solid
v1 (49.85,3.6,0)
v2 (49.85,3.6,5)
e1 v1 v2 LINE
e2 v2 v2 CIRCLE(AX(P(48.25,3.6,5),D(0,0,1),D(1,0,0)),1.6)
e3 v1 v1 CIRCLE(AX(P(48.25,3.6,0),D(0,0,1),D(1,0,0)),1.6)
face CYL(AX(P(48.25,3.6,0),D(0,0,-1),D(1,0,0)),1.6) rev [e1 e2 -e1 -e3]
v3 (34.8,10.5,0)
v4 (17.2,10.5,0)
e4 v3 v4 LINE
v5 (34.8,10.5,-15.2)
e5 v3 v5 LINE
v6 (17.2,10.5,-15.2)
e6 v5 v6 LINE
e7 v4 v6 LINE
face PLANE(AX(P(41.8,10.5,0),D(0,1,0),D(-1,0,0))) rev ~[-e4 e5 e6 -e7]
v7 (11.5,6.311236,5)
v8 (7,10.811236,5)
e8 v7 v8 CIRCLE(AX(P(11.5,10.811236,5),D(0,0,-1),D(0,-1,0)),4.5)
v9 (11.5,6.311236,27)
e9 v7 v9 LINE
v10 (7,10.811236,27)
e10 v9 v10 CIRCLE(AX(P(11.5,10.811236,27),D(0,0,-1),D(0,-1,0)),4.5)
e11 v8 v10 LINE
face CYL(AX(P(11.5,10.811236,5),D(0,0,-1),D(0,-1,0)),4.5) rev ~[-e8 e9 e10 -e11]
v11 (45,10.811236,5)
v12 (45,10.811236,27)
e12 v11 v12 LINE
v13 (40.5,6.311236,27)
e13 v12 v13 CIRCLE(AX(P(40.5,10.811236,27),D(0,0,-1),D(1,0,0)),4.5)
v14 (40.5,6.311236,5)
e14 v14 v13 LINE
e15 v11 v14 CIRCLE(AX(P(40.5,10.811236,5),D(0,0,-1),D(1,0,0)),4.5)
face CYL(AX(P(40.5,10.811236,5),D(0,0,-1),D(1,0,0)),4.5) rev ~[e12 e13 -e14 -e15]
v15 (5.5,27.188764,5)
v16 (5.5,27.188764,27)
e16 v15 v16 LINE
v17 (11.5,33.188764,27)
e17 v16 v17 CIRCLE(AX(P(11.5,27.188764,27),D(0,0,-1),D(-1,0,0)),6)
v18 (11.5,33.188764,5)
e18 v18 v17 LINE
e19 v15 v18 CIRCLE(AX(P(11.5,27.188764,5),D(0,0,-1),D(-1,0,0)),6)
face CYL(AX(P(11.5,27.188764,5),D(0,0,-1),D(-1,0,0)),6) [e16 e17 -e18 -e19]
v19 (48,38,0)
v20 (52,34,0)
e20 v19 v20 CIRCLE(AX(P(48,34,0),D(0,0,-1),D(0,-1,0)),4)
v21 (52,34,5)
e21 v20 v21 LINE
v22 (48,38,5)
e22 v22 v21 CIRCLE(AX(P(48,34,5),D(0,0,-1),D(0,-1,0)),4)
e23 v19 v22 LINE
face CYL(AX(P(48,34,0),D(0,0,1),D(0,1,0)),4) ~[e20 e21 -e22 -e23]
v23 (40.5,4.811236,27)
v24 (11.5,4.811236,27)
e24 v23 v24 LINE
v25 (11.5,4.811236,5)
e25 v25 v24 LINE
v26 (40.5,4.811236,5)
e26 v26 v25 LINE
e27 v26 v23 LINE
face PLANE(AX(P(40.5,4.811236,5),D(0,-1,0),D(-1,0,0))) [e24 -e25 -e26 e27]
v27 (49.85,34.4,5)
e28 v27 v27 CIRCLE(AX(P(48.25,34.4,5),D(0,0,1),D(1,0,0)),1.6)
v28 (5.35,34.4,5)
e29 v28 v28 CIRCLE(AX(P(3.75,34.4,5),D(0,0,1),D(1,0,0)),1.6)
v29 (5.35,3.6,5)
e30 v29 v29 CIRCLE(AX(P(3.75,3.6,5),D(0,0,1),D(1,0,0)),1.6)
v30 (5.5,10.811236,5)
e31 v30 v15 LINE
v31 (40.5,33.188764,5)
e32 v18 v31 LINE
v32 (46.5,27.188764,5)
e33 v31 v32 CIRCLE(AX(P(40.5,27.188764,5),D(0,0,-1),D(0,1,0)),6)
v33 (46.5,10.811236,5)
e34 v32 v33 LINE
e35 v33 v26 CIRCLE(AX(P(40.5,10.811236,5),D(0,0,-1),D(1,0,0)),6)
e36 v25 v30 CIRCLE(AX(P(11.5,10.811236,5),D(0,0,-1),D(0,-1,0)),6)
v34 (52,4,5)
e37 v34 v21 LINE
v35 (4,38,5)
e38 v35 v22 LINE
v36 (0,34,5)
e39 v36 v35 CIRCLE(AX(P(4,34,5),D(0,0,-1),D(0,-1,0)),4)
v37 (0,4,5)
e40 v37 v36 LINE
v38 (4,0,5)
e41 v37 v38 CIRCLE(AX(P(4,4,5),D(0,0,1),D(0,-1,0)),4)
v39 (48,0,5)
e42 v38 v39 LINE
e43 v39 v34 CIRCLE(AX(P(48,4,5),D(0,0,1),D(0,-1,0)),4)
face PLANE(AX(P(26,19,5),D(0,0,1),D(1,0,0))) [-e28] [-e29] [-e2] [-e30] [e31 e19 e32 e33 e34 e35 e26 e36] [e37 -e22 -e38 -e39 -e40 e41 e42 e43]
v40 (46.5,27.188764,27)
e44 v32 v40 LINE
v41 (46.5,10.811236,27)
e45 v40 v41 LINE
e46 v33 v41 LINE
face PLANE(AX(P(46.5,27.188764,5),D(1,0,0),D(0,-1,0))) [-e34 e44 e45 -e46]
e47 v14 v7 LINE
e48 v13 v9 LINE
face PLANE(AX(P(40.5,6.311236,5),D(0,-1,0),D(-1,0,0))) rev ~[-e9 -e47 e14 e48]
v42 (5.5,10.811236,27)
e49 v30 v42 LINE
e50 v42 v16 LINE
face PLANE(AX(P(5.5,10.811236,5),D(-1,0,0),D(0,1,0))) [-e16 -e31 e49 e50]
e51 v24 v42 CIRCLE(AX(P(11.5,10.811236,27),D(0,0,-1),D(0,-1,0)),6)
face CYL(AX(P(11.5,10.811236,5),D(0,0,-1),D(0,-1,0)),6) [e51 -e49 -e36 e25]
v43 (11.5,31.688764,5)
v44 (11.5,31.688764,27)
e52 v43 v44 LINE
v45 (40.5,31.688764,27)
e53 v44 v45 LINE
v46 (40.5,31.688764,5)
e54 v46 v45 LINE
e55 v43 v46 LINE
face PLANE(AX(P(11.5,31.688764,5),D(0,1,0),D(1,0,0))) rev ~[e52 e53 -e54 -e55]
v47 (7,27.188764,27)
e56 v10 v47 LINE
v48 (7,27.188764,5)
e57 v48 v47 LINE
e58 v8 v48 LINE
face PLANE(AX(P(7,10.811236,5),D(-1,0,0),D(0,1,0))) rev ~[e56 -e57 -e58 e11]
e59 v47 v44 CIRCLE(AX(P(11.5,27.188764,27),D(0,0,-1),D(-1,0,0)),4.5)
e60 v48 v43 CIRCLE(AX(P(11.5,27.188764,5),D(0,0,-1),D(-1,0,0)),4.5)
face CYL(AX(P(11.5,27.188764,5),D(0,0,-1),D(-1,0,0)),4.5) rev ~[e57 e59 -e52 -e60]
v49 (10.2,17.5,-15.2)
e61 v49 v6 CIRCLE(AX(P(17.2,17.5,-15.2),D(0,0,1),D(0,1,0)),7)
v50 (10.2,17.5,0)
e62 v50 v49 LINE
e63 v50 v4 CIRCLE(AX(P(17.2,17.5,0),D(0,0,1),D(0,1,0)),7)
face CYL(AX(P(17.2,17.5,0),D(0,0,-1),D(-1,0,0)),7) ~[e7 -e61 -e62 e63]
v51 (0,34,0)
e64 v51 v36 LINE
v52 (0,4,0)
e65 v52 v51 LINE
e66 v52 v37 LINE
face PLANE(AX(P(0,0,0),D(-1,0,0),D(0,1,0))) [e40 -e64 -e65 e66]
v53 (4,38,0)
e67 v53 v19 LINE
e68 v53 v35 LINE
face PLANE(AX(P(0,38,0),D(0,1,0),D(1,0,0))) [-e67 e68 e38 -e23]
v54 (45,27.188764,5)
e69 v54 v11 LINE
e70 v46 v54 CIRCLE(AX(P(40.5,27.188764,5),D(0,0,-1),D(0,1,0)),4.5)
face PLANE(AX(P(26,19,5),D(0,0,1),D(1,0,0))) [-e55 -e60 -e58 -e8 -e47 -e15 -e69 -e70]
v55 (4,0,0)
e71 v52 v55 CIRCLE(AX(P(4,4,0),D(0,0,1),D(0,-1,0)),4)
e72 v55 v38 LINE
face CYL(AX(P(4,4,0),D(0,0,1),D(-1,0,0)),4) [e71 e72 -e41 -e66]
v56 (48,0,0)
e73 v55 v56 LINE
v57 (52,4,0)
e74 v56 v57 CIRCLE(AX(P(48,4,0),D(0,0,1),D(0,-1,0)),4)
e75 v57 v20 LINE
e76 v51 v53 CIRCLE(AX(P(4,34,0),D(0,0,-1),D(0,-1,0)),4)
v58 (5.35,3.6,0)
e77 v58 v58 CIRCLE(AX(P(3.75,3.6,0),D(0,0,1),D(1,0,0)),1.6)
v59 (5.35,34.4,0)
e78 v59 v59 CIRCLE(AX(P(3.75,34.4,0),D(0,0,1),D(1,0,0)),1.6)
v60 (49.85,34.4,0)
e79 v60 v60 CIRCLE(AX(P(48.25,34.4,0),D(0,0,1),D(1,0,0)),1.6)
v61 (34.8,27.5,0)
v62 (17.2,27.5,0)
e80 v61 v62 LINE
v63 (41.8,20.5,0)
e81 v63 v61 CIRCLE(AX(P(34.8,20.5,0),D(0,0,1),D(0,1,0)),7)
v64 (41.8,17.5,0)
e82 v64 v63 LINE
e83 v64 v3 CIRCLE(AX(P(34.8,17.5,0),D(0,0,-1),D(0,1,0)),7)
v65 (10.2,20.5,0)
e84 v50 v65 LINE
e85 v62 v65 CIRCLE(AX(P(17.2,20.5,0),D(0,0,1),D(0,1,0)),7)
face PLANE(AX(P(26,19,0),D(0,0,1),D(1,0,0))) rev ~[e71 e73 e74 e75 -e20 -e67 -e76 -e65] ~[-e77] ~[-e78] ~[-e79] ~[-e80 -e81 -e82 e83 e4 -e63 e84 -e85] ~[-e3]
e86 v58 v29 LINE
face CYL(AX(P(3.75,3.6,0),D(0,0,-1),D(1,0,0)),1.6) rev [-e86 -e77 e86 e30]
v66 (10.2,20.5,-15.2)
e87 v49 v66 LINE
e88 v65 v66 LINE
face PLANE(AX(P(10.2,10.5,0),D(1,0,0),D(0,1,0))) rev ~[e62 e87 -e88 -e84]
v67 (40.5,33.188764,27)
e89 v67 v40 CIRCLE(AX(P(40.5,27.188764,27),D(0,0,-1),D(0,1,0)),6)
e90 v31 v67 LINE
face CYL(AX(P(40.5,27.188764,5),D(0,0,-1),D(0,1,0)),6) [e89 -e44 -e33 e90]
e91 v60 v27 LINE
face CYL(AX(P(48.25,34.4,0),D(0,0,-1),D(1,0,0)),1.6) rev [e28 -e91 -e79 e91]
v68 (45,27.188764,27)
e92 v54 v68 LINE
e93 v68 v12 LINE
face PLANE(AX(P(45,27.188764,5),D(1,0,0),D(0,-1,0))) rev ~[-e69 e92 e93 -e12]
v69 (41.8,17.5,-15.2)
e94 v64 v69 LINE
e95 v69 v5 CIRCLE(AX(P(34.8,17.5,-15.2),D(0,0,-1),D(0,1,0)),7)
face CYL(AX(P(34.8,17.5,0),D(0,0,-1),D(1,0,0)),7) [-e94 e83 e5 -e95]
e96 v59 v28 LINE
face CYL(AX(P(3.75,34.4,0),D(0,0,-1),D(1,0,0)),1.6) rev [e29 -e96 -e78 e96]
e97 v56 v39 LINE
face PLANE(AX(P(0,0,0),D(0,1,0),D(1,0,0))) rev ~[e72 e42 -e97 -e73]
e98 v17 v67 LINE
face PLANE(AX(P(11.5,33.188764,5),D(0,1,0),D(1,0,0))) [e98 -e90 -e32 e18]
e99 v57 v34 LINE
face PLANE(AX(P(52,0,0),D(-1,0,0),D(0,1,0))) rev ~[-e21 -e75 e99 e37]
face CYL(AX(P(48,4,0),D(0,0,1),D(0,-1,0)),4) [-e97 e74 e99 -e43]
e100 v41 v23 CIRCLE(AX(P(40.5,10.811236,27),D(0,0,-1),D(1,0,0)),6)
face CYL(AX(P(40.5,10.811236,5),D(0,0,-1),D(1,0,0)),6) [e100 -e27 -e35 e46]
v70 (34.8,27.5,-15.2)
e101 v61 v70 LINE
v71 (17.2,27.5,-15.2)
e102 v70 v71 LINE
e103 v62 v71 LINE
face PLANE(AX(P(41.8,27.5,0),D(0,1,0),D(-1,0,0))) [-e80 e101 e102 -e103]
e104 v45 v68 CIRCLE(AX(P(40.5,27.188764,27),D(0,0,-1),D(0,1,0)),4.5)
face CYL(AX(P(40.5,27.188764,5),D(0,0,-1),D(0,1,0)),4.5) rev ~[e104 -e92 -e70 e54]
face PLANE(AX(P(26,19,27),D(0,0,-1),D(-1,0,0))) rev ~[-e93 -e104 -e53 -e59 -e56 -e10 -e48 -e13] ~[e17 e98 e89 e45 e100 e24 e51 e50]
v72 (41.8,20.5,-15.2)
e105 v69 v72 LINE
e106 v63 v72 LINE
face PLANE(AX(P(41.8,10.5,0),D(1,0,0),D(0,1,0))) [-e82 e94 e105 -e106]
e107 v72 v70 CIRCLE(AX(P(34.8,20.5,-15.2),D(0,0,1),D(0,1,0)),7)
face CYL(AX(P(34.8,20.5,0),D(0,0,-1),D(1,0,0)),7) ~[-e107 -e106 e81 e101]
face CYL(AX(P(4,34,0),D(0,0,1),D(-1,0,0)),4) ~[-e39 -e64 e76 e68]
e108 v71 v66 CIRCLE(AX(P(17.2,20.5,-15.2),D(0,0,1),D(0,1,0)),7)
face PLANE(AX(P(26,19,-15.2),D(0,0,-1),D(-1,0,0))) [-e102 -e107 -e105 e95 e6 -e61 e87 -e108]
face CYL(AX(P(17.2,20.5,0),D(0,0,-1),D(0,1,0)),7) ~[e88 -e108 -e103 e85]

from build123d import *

# Parameters (mm, degrees)
SKETCH1_W           = 52
SKETCH1_H           = 38
SKETCH1_R           = 1.6
BOSS_EXTRUDE1_DEPTH = 5
SKETCH5_W           = 31.6
SKETCH5_H           = 17
BOSS_EXTRUDE2_DEPTH = 15.2
BOSS_EXTRUDE3_DEPTH = 22
FILLET1_R           = 4
FILLET2_R           = 7


with BuildPart() as part:
    # Sketch1 → Boss-Extrude1 (new body)
    with BuildSketch(Plane.XY):
        with Locations((26, 19)):
            Rectangle(SKETCH1_W, SKETCH1_H)
        with Locations((3.75, 34.4)):
            Circle(SKETCH1_R, mode=Mode.SUBTRACT)
        with Locations((48.25, 34.4)):
            Circle(SKETCH1_R, mode=Mode.SUBTRACT)
        with Locations((48.25, 3.6)):
            Circle(SKETCH1_R, mode=Mode.SUBTRACT)
        with Locations((3.75, 3.6)):
            Circle(SKETCH1_R, mode=Mode.SUBTRACT)
    extrude(amount=BOSS_EXTRUDE1_DEPTH)

    # Sketch5 → Boss-Extrude2 (add)
    with BuildSketch(Plane(origin=(0, 0, 0), x_dir=(-1, 0, 0), z_dir=(0, 0, -1))):
        with Locations((-26, 19)):
            Rectangle(SKETCH5_W, SKETCH5_H)
    extrude(amount=BOSS_EXTRUDE2_DEPTH)

    # Sketch7 → Boss-Extrude3 (add)
    with BuildSketch(Plane.XY.offset(5)):
        with BuildLine():
            Line((11.5, 33.188764045), (40.5, 33.188764045))
            ThreePointArc((40.5, 33.188764045), (44.742640687, 31.431404732), (46.5, 27.188764045))
            Line((46.5, 27.188764045), (46.5, 10.811235955))
            ThreePointArc((46.5, 10.811235955), (44.742640687, 6.568595268), (40.5, 4.811235955))
            Line((40.5, 4.811235955), (11.5, 4.811235955))
            ThreePointArc((11.5, 4.811235955), (7.257359313, 6.568595268), (5.5, 10.811235955))
            Line((5.5, 10.811235955), (5.5, 27.188764045))
            ThreePointArc((5.5, 27.188764045), (7.257359313, 31.431404732), (11.5, 33.188764045))
        make_face()
        with BuildLine():
            Line((11.5, 31.688764045), (40.5, 31.688764045))
            ThreePointArc((40.5, 31.688764045), (43.681980515, 30.37074456), (45, 27.188764045))
            Line((45, 27.188764045), (45, 10.811235955))
            ThreePointArc((45, 10.811235955), (43.681980515, 7.62925544), (40.5, 6.311235955))
            Line((40.5, 6.311235955), (11.5, 6.311235955))
            ThreePointArc((11.5, 6.311235955), (8.318019485, 7.62925544), (7, 10.811235955))
            Line((7, 10.811235955), (7, 27.188764045))
            ThreePointArc((7, 27.188764045), (8.318019485, 30.37074456), (11.5, 31.688764045))
        make_face(mode=Mode.SUBTRACT)
    extrude(amount=BOSS_EXTRUDE3_DEPTH)

    # Fillet1
    fillet1_edges = [part.edges().sort_by_distance(p)[0] for p in [
        (0, 0, 2.5),
        (0, 38, 2.5),
        (52, 38, 2.5),
        (52, 0, 2.5),
    ]]
    fillet(fillet1_edges, radius=FILLET1_R)

    # Fillet2
    fillet2_edges = [part.edges().sort_by_distance(p)[0] for p in [
        (41.8, 27.5, -7.6),
        (41.8, 10.5, -7.6),
        (10.2, 10.5, -7.6),
        (10.2, 27.5, -7.6),
    ]]
    fillet(fillet2_edges, radius=FILLET2_R)


solid = part.part
